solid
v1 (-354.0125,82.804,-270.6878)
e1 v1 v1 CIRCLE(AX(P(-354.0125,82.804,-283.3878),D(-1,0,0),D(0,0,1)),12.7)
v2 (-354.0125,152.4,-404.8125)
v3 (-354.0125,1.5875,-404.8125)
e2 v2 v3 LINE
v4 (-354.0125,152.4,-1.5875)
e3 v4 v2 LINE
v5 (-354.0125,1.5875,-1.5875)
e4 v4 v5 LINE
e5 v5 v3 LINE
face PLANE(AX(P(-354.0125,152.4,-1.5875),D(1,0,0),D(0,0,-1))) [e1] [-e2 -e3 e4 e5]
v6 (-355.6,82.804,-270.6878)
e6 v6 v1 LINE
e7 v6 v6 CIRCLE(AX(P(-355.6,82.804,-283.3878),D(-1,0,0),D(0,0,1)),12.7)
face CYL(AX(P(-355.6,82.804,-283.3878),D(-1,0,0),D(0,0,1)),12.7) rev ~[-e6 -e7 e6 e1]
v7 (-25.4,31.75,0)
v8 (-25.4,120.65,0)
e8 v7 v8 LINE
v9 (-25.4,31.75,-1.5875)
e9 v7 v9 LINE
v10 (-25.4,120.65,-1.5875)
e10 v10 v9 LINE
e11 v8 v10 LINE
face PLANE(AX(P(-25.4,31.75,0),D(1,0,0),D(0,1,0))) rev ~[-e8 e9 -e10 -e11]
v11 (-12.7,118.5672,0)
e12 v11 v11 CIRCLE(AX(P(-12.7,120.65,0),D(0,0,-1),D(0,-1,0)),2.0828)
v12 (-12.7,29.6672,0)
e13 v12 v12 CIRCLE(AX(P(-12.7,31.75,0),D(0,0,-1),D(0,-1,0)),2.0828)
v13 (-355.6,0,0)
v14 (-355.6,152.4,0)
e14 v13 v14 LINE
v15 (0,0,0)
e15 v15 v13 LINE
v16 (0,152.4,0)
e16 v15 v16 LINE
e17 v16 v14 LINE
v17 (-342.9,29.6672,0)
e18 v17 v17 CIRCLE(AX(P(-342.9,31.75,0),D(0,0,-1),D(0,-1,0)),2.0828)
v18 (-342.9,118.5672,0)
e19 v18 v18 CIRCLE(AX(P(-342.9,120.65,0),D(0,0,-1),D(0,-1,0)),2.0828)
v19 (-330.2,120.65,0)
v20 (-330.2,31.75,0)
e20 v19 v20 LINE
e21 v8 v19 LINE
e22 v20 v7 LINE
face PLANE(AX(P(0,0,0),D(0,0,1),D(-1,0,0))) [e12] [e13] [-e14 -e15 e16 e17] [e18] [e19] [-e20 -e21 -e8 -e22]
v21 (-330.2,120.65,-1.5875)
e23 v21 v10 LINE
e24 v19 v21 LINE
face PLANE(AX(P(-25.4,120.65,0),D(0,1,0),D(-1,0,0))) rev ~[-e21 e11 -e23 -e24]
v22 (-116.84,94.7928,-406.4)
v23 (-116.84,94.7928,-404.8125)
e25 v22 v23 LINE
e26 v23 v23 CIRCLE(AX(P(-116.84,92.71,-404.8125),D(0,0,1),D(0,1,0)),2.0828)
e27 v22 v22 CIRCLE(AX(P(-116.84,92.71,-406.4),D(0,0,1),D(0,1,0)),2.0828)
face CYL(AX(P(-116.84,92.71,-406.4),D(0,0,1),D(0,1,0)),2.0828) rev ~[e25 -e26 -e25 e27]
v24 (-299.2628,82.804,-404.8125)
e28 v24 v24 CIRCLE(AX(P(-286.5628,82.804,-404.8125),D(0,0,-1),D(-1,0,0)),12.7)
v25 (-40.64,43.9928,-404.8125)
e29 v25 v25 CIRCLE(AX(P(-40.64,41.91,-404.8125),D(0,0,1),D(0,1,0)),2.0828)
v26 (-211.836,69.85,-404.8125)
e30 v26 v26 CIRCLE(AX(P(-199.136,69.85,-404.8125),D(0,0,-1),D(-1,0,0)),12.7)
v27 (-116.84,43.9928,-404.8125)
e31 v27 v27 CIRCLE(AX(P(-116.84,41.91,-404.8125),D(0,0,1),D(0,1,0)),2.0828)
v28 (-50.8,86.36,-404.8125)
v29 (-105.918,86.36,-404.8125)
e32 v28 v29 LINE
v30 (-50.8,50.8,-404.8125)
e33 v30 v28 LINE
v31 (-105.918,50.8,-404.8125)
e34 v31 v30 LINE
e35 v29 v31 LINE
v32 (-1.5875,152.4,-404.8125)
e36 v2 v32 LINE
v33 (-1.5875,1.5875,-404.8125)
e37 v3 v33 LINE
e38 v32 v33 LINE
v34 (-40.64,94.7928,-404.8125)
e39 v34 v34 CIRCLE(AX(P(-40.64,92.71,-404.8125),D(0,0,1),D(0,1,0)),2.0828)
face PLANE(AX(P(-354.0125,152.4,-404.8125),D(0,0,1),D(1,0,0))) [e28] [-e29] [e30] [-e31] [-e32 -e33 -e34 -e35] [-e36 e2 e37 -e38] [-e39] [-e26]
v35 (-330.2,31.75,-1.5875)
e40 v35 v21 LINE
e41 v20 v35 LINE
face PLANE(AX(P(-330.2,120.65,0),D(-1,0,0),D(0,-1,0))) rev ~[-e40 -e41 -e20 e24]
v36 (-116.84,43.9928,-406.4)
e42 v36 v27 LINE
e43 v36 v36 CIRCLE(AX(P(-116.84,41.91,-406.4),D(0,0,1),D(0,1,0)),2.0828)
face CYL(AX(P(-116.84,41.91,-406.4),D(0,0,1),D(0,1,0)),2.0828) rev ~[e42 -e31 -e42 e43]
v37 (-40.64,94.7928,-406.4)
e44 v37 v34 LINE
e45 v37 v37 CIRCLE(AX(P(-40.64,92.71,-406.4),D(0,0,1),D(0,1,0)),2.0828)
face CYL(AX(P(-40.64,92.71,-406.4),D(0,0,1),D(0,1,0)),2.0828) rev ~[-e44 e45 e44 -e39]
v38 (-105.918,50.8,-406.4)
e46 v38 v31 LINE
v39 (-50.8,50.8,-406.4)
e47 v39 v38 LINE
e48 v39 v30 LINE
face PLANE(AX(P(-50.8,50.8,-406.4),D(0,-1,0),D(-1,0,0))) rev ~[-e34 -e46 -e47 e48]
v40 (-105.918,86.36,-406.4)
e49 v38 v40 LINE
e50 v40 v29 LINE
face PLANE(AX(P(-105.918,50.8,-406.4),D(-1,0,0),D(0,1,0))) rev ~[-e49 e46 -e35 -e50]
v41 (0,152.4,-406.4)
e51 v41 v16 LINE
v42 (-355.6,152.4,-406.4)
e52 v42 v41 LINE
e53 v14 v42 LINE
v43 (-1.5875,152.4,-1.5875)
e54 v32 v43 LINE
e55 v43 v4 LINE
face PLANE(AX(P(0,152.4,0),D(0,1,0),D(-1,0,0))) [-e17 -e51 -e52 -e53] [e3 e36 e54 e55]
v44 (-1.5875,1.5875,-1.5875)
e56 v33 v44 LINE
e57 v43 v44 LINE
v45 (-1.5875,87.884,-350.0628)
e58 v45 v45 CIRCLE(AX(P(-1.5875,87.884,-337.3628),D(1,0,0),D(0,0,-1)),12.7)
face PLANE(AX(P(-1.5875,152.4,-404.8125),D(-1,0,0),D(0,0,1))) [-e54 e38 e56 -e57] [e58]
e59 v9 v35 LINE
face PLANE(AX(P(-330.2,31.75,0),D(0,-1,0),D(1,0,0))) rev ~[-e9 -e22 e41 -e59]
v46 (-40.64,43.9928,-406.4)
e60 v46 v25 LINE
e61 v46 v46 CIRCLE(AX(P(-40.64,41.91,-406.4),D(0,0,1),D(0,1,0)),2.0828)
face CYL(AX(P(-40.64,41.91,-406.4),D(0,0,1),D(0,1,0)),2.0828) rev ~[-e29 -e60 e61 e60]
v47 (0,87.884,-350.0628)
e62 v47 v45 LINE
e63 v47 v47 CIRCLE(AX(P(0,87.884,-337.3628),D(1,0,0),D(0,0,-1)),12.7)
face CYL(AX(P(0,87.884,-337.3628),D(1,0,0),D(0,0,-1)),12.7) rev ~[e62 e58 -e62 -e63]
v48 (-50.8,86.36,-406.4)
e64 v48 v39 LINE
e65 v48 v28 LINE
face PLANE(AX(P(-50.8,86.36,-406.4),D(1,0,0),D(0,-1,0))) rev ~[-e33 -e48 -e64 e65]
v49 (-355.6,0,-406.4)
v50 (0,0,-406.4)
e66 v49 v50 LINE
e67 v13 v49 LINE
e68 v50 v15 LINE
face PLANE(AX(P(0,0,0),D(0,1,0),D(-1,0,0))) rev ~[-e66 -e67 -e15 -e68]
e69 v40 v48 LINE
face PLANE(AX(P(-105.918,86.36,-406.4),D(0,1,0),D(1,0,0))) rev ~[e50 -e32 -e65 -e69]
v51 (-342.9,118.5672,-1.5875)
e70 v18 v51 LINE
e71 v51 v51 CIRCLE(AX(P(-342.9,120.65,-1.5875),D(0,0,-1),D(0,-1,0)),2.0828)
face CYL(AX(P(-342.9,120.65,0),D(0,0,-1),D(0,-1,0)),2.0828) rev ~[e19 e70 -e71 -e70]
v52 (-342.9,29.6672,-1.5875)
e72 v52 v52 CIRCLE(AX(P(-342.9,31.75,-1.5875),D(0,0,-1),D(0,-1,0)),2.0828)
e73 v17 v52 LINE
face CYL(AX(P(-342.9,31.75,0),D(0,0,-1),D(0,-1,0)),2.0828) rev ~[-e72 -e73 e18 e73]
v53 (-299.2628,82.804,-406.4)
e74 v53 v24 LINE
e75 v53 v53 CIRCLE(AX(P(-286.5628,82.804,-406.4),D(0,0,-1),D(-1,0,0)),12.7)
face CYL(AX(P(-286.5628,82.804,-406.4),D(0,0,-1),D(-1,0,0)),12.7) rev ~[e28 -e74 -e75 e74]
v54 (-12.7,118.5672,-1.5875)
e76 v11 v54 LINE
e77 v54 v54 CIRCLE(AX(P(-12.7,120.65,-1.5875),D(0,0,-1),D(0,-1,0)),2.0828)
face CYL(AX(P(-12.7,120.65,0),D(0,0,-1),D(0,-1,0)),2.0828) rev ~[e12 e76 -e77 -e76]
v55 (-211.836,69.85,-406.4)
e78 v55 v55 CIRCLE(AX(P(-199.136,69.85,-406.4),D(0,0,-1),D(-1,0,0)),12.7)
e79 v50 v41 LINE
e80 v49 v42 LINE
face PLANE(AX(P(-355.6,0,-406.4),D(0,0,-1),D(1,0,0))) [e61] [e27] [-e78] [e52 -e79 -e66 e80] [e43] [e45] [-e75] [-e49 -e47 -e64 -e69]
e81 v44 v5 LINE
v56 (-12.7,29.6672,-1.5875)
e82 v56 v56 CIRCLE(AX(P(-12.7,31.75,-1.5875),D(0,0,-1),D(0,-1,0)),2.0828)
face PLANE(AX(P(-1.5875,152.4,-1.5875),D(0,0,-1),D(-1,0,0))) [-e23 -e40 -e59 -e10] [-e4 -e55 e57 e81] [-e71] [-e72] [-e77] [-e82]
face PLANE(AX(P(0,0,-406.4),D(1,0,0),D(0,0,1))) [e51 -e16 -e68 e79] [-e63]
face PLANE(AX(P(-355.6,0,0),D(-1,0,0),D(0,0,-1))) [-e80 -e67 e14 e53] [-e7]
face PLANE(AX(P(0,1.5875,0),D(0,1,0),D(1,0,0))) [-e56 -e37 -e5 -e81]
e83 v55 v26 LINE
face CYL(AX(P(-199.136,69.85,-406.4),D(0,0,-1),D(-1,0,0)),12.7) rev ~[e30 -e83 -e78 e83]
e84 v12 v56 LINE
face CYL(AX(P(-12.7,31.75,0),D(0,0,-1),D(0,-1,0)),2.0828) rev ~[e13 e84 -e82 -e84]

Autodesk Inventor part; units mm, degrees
ref_plane "YZ Plane" through (0, 0, 0) normal (1, 0, 0) x (0, 1, 0)
ref_plane "XZ Plane" through (0, 0, 0) normal (0, 1, 0) x (-1, 0, 0)
ref_plane "XY Plane" through (0, 0, 0) normal (0, 0, 1) x (1, 0, 0)
sketch "Sketch1" plane through (0, 0, 0) normal (0, 1, 0) x (-1, 0, 0)
  line L0 (0, 0) -> (355.6, 0)
  line L1 (355.6, 0) -> (355.6, -406.4)
  line L2 (355.6, -406.4) -> (0, -406.4)
  line L3 (0, -406.4) -> (0, 0)
  dimension "d0" = 355.6
  dimension "d1" = 406.4
extrude "Extrusion1" add sketch "Sketch1" along normal blind 152.4
sketch "Sketch2" plane through (0, 152.4, 0) normal (0, 1, 0) x (1, 0, 0)
  line L0 (-355.6, 0) -> (0, 0) projected
  line L1 (0, 0) -> (0, 406.4) projected
  line L2 (0, 406.4) -> (-355.6, 406.4) projected
  line L3 (-355.6, 406.4) -> (-355.6, 0) projected
  line L4 (-1.5875, 1.5875) -> (-354.0125, 1.5875)
  line L5 (-354.0125, 1.5875) -> (-354.0125, 404.8125)
  line L6 (-354.0125, 404.8125) -> (-1.5875, 404.8125)
  line L7 (-1.5875, 404.8125) -> (-1.5875, 1.5875)
  dimension "d4" = 1.5875
  dimension "d5" = 1.5875
  dimension "d6" = 1.5875
  dimension "d7" = 1.5875
extrude "Extrusion2" cut sketch "Sketch2" against normal blind 150.8125 contours L4 L5 L6 L7
sketch "Sketch6" plane through (0, 0, 0) normal (1, 0, 0) x (0, 0, -1)
  line L0 (406.4, 0) -> (406.4, 152.4) projected
  line L1 (406.4, 0) -> (0, 0) projected
  circle A0 centre (337.3628, 87.884) radius 12.7
  dimension "d39" = 25.4
  dimension "d40" = 69.0372
  dimension "d41" = 87.884
extrude "Extrusion4" cut sketch "Sketch6" against normal up to surface (1.5875 mm away)
sketch "Sketch7" plane through (0, 0, -406.4) normal (0, 0, -1) x (-1, 0, 0)
  circle A0 centre (286.5628, 82.804) radius 12.7
  line L0 (355.6, 0) -> (0, 0) projected
  line L1 (0, 0) -> (0, 152.4) projected
  circle A1 centre (199.136, 69.85) radius 12.7
  line L2 (1.5875, 152.4) -> (1.5875, 1.5875) projected
  line L3 (355.6, 0) -> (355.6, 152.4) projected
  point P0 (1.5875, 0)
  dimension "d23" = 82.804
  dimension "d25" = 25.4
  dimension "d28" = 25.4
  dimension "d128" = 199.136
  dimension "d129" = 69.0372
  dimension "d154" = 69.85
extrude "Extrusion5" cut sketch "Sketch7" against normal blind 25.4
sketch "Sketch9" plane through (-355.6, 0, 0) normal (0, 0, 1) x (1, 0, 0)
  line L0 (25.4, 31.75) -> (330.2, 31.75)
  line L1 (330.2, 31.75) -> (330.2, 120.65)
  line L2 (330.2, 120.65) -> (25.4, 120.65)
  line L3 (25.4, 120.65) -> (25.4, 31.75)
  line L4 (355.6, 0) -> (355.6, 152.4) projected
  line L5 (355.6, 0) -> (0, 0) projected
  line L6 (0, 0) -> (0, 152.4) projected
  dimension "d61" = 304.8
  dimension "d62" = 88.9
  dimension "d64" = 31.75
  dimension "d110" = 355.6
  dimension "d111" = 25.4
extrude "Extrusion6" cut sketch "Sketch9" against normal blind 25.4
sketch "Sketch12" plane through (0, 0, -406.4) normal (0, 0, -1) x (-1, 0, 0)
  line L0 (50.8, 50.8) -> (105.918, 50.8)
  line L1 (105.918, 50.8) -> (105.918, 86.36)
  line L2 (105.918, 86.36) -> (50.8, 86.36)
  line L3 (50.8, 86.36) -> (50.8, 50.8)
  line L4 (63.7794, 81.9658) -> (92.9132, 81.9658) projected
  line L5 (0, 0) -> (0, 152.4) projected
  line L6 (355.6, 0) -> (0, 0) projected
  dimension "d120" = 35.56
  dimension "d121" = 55.118
  dimension "d122" = 50.8
  dimension "d123" = 50.8
extrude "Extrusion8" cut sketch "Sketch12" against normal blind 25.4
sketch "Sketch13" plane through (-355.6, 0, -406.4) normal (-1, 0, 0) x (0, 0, 1)
  circle A0 centre (123.0122, 82.804) radius 12.7
  circle A1 centre (69.0372, 87.884) radius 12.7 projected
  circle A2 centre (69.0372, 87.884) radius 12.7 projected
  line L0 (0, 0) -> (406.4, 0) projected
  line L1 (0, 0) -> (0, 152.4) projected
  line L2 (406.4, 152.4) -> (0, 152.4) projected
  line L3 (406.4, 0) -> (406.4, 152.4) projected
  dimension "d132" = 25.4
  dimension "d133" = 87.884
  dimension "d134" = 82.804
  dimension "d135" = 123.0122
extrude "Extrusion9" cut sketch "Sketch13" against normal up to surface (1.5875 mm away) contours A0
sketch "Sketch14" plane through (-355.6, 0, 0) normal (0, 0, 1) x (1, 0, 0)
  circle A0 centre (342.9, 120.65) radius 2.0828 projected
  circle A1 centre (342.9, 31.75) radius 2.0828 projected
  circle A2 centre (12.7, 31.75) radius 2.0828 projected
  circle A3 centre (12.7, 120.65) radius 2.0828 projected
  point P0 (355.6, 0)
hole "Hole1" at (-12.7, 120.65, 0) at (-12.7, 31.75, 0) at (-342.9, 31.75, 0) at (-342.9, 120.65, 0) direction (0, 0, -1) diameter 4.1656 depth 6.35 tip angle 118
sketch "Sketch15" plane through (0, 0, -406.4) normal (0, 0, -1) x (-1, 0, 0)
  circle A0 centre (40.64, 41.91) radius 1.7526 projected
  circle A1 centre (116.84, 92.71) radius 1.7526 projected
  circle A2 centre (40.64, 92.71) radius 1.7526 projected
  circle A3 centre (116.84, 41.91) radius 1.7526 projected
  circle A4 centre (56.261, 55.372) radius 2.1463 projected
  circle A5 centre (101.219, 79.248) radius 2.1463 projected
  circle A6 centre (101.219, 55.372) radius 2.1463 projected
  circle A7 centre (56.261, 79.248) radius 2.1463 projected
  arc A8 (64.1858, 79.0702) -> (57.8358, 72.7202) centre (64.1858, 72.7202) ccw projected
  line L0 (64.1858, 79.0702) -> (93.3196, 79.0702) projected
  arc A9 (99.6696, 72.7202) -> (93.3196, 79.0702) centre (93.3196, 72.7202) ccw projected
  line L1 (99.6696, 72.7202) -> (99.6696, 61.5442) projected
  arc A10 (93.3196, 55.1942) -> (99.6696, 61.5442) centre (93.3196, 61.5442) ccw projected
  line L2 (93.3196, 55.1942) -> (64.1858, 55.1942) projected
  arc A11 (57.8358, 61.5442) -> (64.1858, 55.1942) centre (64.1858, 61.5442) ccw projected
  line L3 (57.8358, 61.5442) -> (57.8358, 72.7202) projected
  line L4 (123.19, 99.06) -> (34.29, 99.06) projected
  line L5 (34.29, 99.06) -> (34.29, 35.56) projected
  line L6 (34.29, 35.56) -> (123.19, 35.56) projected
  line L7 (123.19, 35.56) -> (123.19, 99.06) projected
  line L8 (74.4123, 41.91) -> (73.7537, 41.91) projected
  line L9 (73.7537, 41.91) -> (73.7537, 47.6322) projected
  line L10 (73.7537, 47.6322) -> (72.6267, 47.6322) projected
  line L11 (72.6267, 47.6322) -> (72.6267, 48.2806) projected
  line L12 (72.6267, 48.2806) -> (75.7245, 48.2806) projected
  line L13 (75.7245, 48.2806) -> (75.7245, 47.6322) projected
  line L14 (75.7245, 47.6322) -> (74.5718, 47.6322) projected
  line L15 (74.5718, 47.6322) -> (74.5718, 43.3766) projected
  line L16 (74.5718, 43.3766) -> (75.7245, 43.3766) projected
  line L17 (75.7245, 43.3766) -> (75.7245, 42.7951) projected
  spline S0 degree 2 poles (75.7245, 42.7951) (75.071, 42.7951) (74.4535, 42.4246) (74.4123, 41.91) knots 0 0 0 1 2 2 2 projected
  line L18 (82.8979, 42.6047) -> (84.2409, 42.6047) projected
  line L19 (84.2409, 42.6047) -> (84.2409, 41.9306) projected
  line L20 (84.2409, 41.9306) -> (82.0539, 41.9306) projected
  line L21 (82.0539, 41.9306) -> (82.0539, 46.6288) projected
  spline S1 degree 2 poles (82.0539, 46.6288) (82.0539, 47.4624) (83.0728, 48.3681) (83.9322, 48.3681) knots 0 0 0 1 2 2 2 projected
  spline S2 degree 2 poles (83.9322, 48.3681) (84.138, 48.3681) (84.8224, 48.296) (85.054, 48.2446) knots 0 0 0 1 2 2 2 projected
  line L22 (85.054, 48.2446) -> (85.054, 47.4315) projected
  line L23 (85.054, 47.4315) -> (85.0077, 47.4315) projected
  spline S3 degree 2 poles (85.0077, 47.4315) (84.8327, 47.4933) (84.313, 47.6373) (84.0454, 47.6373) knots 0 0 0 1 2 2 2 projected
  spline S4 degree 2 poles (84.0454, 47.6373) (83.6543, 47.6373) (83.186, 47.4572) (83.078, 47.2926) knots 0 0 0 1 2 2 2 projected
  spline S5 degree 2 poles (83.078, 47.2926) (82.9596, 47.1228) (82.8979, 46.6288) (82.8979, 46.3046) knots 0 0 0 1 2 2 2 projected
  line L24 (82.8979, 46.3046) -> (82.8979, 42.6047) projected
  spline S6 degree 2 poles (80.4896, 42.7951) (79.8361, 42.7951) (79.2186, 42.4246) (79.1774, 41.91) knots 0 0 0 1 2 2 2 projected
  line L25 (79.1774, 41.91) -> (78.5187, 41.91) projected
  line L26 (78.5187, 41.91) -> (78.5187, 47.6322) projected
  line L27 (78.5187, 47.6322) -> (77.3918, 47.6322) projected
  line L28 (77.3918, 47.6322) -> (77.3918, 48.2806) projected
  line L29 (77.3918, 48.2806) -> (80.4896, 48.2806) projected
  line L30 (80.4896, 48.2806) -> (80.4896, 47.6322) projected
  line L31 (80.4896, 47.6322) -> (79.3369, 47.6322) projected
  line L32 (79.3369, 47.6322) -> (79.3369, 43.3766) projected
  line L33 (79.3369, 43.3766) -> (80.4896, 43.3766) projected
  line L34 (80.4896, 43.3766) -> (80.4896, 42.7951) projected
  point P0 (0, 0)
hole "Hole2" at (-116.84, 92.71, -406.4) at (-116.84, 41.91, -406.4) at (-40.64, 41.91, -406.4) at (-40.64, 92.71, -406.4) direction (0, 0, 1) diameter 4.1656 depth 6.35 tip angle 118
thread "Thread1" size "8-32 UNC" class "2B" standard "ANSI Unified Screw Threads" full length
thread "Thread2" size "8-32 UNC" class "2B" standard "ANSI Unified Screw Threads" full length
thread "Thread3" size "8-32 UNC" class "2B" standard "ANSI Unified Screw Threads" full length
thread "Thread4" size "8-32 UNC" class "2B" standard "ANSI Unified Screw Threads" full length
thread "Thread5" size "8-32 UNC" class "2B" standard "ANSI Unified Screw Threads" full length
thread "Thread6" size "8-32 UNC" class "2B" standard "ANSI Unified Screw Threads" full length
thread "Thread7" size "8-32 UNC" class "2B" standard "ANSI Unified Screw Threads" full length
thread "Thread8" size "8-32 UNC" class "2B" standard "ANSI Unified Screw Threads" full length
equation "\"d5\" = d4"
equation "\"d6\" = d4"
equation "\"d7\" = d4"
equation "\"d28\" = d25"
equation "\"d26\" = d28"
equation "\"d111\" = -0.5 * d61 + 0.5 * d110"
properties part number "18x12x6Box"
